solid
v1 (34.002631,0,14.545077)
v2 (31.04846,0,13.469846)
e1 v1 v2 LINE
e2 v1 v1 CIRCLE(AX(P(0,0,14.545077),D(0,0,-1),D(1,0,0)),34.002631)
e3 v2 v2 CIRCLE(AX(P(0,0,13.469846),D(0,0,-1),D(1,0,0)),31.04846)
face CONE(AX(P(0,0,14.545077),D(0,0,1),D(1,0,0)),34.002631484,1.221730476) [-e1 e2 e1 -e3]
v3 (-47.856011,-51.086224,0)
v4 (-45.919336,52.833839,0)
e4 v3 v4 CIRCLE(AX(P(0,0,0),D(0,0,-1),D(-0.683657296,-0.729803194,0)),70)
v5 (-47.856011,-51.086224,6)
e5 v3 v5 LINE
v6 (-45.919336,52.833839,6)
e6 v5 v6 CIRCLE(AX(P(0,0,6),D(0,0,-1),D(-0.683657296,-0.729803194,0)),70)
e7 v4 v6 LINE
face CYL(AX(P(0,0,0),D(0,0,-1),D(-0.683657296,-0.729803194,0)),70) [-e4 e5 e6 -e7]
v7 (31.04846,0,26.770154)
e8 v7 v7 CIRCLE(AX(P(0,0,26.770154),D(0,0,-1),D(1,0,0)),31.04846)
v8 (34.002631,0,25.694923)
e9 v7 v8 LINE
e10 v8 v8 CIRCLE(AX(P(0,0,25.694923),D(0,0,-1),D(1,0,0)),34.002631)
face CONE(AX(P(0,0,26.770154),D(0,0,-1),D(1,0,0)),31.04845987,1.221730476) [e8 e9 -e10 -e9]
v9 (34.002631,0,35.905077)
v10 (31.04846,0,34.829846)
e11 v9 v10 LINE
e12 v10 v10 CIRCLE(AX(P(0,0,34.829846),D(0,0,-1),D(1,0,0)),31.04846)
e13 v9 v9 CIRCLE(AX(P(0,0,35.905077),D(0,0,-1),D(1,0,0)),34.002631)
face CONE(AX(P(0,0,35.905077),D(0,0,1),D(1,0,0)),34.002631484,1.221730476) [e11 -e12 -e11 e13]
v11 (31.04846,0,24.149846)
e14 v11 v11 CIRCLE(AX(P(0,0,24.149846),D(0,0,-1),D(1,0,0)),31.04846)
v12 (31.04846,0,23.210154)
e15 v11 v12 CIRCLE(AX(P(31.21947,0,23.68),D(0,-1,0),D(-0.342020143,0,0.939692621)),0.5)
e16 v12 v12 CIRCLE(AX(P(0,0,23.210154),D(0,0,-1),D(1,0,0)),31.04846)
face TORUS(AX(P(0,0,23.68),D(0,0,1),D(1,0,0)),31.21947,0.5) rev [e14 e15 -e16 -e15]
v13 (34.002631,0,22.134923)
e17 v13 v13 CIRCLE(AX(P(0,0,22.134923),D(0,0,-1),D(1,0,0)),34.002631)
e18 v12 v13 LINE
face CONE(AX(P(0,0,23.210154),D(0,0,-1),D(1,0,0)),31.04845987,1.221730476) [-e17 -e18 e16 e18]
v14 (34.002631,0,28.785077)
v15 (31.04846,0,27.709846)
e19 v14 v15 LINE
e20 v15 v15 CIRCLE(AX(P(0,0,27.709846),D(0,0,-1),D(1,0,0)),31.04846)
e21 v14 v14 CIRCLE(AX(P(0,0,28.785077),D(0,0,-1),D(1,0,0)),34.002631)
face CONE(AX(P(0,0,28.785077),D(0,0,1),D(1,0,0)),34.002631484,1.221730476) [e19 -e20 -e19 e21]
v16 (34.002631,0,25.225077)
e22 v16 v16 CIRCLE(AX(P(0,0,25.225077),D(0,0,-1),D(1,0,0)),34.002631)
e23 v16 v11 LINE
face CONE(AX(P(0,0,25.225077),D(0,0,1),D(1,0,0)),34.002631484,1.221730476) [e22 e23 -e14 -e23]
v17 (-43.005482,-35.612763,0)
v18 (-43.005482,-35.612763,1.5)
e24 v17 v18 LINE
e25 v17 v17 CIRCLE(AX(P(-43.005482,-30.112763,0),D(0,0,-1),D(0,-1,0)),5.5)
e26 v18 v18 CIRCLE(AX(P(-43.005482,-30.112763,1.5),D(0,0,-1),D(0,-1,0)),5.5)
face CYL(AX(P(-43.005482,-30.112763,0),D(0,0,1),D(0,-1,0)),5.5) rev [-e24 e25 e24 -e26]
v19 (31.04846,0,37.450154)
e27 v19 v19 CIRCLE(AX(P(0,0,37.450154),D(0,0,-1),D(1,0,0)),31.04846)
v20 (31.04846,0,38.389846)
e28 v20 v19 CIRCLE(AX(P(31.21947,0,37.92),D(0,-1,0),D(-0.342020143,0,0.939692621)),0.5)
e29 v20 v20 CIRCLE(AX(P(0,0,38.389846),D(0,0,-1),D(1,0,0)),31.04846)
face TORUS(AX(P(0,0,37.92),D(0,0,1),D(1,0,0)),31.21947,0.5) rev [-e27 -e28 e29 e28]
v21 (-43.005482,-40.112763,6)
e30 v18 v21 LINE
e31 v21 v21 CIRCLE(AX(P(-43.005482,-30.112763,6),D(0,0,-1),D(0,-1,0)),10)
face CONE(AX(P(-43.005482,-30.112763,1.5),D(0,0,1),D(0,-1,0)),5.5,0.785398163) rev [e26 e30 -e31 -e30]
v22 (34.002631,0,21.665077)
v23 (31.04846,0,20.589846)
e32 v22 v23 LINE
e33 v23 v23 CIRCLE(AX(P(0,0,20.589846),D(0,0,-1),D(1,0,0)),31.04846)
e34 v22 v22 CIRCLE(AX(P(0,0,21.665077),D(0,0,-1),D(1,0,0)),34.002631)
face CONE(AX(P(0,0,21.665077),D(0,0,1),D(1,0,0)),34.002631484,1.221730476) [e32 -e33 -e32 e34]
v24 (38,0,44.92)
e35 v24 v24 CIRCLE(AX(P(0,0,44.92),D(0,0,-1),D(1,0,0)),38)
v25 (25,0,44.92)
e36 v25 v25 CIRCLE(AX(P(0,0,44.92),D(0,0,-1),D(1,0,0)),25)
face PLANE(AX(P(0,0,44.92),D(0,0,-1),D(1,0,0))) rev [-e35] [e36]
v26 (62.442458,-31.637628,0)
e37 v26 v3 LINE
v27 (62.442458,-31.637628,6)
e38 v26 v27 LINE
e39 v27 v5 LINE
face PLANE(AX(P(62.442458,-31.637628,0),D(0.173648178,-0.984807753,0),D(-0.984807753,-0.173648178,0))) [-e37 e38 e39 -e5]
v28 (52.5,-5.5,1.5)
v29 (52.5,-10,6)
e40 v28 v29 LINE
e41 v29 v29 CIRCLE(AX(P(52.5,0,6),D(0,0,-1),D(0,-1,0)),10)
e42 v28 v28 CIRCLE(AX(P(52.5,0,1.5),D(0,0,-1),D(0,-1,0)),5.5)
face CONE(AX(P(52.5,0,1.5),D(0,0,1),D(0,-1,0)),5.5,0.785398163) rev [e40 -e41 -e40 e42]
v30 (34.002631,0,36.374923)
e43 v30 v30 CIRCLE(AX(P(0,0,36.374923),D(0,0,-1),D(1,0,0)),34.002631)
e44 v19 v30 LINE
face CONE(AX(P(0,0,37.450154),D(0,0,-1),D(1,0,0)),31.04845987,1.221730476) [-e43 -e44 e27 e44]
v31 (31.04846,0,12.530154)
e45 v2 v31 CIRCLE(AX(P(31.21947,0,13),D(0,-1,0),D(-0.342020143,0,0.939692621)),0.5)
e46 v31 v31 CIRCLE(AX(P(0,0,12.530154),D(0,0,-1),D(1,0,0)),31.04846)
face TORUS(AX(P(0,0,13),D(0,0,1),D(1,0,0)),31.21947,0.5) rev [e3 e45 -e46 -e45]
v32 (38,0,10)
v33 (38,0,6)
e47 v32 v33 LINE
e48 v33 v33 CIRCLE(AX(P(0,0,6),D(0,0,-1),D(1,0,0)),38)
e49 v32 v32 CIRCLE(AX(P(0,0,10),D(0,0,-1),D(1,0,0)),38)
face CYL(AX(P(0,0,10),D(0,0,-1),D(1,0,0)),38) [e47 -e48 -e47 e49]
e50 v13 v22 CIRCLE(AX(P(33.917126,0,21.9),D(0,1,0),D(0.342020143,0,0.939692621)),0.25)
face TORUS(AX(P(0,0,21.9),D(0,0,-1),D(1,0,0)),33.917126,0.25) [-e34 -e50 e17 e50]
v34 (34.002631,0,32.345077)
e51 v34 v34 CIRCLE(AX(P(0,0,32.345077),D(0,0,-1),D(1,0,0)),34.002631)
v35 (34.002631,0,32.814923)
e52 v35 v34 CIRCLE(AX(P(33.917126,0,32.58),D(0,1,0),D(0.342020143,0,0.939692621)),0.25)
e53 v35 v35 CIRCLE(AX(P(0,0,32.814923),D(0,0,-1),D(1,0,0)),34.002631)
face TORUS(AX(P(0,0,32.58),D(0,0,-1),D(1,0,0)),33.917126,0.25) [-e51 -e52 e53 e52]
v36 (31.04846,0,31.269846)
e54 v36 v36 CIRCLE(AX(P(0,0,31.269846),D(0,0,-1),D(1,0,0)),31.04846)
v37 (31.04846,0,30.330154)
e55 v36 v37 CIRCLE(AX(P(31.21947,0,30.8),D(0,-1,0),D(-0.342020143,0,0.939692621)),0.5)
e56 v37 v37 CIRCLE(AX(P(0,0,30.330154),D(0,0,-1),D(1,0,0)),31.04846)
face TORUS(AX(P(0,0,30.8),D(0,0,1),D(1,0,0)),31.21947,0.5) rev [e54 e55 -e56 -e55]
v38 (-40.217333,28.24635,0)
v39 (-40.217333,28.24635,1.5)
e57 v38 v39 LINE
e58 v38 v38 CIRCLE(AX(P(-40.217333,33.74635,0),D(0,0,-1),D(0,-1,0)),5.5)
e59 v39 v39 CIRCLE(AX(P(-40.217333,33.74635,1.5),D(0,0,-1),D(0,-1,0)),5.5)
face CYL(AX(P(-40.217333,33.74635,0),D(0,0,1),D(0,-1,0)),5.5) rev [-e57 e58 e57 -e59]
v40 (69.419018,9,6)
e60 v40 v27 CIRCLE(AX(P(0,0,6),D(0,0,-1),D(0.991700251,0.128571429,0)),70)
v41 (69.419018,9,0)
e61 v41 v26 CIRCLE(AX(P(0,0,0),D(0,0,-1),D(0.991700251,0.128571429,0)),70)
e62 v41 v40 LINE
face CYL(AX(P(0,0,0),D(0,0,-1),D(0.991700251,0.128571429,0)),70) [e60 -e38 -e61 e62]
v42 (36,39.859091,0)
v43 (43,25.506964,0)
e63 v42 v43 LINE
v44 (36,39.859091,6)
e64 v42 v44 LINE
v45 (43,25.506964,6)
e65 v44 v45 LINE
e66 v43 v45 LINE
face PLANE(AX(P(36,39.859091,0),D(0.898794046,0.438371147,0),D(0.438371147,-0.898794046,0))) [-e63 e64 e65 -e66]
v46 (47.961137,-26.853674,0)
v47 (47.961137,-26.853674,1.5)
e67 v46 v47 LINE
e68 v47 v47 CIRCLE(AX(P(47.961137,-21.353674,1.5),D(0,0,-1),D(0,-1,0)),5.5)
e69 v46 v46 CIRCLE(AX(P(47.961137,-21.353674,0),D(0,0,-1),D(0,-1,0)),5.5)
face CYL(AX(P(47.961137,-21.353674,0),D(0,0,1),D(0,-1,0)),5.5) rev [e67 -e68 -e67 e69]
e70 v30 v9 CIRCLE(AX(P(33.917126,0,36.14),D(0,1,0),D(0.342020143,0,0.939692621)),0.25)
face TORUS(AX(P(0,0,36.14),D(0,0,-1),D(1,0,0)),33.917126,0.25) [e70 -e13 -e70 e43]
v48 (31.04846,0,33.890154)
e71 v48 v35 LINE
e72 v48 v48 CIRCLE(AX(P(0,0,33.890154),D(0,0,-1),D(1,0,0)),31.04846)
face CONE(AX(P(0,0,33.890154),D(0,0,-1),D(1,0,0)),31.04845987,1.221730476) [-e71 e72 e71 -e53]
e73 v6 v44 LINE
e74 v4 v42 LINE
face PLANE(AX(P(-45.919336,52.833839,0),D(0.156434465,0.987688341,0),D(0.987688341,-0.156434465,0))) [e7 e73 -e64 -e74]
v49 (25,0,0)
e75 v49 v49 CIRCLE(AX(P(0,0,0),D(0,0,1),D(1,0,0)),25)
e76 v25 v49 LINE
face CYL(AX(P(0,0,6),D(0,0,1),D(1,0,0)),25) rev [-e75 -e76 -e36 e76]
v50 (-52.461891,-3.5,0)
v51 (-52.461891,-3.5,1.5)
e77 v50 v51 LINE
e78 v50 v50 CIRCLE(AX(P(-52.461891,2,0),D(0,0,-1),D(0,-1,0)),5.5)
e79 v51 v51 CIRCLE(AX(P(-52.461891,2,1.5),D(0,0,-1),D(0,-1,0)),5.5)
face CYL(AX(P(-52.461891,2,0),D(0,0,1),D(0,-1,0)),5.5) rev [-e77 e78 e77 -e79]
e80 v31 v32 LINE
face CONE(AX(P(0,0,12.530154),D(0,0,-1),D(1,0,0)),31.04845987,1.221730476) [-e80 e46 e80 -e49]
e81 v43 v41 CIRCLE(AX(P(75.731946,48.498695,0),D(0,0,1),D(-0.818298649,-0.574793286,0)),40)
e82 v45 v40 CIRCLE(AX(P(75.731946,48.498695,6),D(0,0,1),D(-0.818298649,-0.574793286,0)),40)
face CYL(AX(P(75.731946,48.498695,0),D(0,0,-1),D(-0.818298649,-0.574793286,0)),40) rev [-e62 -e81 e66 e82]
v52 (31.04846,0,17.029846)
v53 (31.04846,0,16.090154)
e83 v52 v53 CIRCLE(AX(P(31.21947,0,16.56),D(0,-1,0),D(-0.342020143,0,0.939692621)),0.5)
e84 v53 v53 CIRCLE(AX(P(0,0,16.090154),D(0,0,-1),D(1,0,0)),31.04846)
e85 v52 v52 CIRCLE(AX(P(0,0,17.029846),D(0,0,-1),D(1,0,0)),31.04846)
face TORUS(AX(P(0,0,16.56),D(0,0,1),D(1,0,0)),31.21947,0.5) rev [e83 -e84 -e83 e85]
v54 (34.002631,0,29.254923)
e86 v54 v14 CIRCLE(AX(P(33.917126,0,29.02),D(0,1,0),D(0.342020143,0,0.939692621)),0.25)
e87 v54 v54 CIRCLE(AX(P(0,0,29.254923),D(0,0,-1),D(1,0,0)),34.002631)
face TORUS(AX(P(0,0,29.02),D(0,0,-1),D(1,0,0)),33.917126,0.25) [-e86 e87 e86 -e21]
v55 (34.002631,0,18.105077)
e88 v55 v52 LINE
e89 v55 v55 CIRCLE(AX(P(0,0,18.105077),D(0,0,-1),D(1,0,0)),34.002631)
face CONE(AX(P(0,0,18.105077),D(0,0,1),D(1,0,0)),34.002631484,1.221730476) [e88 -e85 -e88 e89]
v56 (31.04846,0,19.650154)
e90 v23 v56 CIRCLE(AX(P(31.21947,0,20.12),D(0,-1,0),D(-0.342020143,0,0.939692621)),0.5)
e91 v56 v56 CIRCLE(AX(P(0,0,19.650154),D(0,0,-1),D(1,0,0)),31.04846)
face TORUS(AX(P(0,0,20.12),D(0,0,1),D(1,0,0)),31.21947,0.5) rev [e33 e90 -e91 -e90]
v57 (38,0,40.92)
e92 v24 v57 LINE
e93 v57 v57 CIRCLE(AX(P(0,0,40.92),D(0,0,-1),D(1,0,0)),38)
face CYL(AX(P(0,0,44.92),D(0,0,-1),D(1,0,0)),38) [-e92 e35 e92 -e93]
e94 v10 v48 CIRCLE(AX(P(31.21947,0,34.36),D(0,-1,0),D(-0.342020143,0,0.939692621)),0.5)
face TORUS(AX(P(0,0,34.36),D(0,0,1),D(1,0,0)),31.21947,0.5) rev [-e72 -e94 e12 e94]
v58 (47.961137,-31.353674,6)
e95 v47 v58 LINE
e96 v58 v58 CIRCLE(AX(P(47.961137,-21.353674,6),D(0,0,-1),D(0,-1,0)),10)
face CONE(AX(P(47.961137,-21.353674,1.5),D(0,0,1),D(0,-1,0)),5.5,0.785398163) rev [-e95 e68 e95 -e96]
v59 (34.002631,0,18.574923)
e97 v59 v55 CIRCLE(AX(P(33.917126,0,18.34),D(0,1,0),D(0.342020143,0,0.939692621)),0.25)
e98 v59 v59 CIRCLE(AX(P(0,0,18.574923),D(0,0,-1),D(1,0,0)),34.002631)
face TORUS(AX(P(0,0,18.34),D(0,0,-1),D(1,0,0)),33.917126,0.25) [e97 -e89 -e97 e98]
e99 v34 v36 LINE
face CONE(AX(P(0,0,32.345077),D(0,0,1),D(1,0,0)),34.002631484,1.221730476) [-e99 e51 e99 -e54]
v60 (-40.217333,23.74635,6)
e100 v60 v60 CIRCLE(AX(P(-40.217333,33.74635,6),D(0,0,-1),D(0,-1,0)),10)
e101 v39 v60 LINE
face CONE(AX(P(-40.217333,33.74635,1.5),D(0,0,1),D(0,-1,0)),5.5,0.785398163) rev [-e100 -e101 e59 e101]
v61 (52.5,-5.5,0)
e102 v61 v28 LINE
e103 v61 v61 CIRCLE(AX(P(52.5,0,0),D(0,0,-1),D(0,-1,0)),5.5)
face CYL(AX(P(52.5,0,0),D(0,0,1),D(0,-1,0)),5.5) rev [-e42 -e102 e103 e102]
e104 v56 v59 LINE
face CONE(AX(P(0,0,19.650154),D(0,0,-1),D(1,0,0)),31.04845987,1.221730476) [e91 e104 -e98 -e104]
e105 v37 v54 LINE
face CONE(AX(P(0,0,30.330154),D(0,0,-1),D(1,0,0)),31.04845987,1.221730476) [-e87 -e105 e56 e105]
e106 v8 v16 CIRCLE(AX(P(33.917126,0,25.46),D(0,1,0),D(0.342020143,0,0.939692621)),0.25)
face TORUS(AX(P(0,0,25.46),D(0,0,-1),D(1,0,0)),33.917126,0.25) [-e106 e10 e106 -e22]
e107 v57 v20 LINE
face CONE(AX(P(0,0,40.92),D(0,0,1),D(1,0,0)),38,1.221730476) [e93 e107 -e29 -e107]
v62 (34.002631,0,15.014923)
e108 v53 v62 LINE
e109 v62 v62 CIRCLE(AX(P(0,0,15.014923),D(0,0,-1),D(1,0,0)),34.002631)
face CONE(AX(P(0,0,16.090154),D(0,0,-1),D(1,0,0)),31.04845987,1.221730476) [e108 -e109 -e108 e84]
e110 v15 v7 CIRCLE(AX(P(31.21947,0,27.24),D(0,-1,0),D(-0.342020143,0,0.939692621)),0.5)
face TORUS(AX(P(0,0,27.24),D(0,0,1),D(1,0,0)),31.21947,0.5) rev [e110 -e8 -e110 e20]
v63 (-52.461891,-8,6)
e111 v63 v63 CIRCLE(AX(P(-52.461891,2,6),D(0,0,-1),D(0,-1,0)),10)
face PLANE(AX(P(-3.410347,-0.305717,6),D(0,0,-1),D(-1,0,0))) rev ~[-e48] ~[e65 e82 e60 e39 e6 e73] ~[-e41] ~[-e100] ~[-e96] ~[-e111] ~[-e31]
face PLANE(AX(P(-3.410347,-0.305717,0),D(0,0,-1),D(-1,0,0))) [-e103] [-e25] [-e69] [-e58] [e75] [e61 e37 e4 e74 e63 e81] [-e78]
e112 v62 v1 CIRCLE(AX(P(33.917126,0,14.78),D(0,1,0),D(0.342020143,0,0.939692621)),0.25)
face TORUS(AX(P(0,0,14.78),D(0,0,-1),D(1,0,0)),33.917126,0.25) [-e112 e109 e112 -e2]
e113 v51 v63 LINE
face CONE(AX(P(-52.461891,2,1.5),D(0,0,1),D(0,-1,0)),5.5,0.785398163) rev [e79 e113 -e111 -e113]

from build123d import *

# Parameters (mm, degrees)
ESBO_O1_R                                    = 25
RESSALTO_EXTRUS_O1_DEPTH                     = 6
ESCAREADO_PARA_PARAFUSO_COM_CABE_A_E_2_COUNT = 2
ESCAREADO_PARA_PARAFUSO_COM_CABE_A_E_2_PITCH = 21.830727536
ESCAREADO_PARA_PARAFUSO_COM_CABE_A_E_3_COUNT = 2
ESCAREADO_PARA_PARAFUSO_COM_CABE_A_E_3_PITCH = 100.140279829
ESCAREADO_PARA_PARAFUSO_COM_CABE_A_E_4_COUNT = 2
ESCAREADO_PARA_PARAFUSO_COM_CABE_A_E_4_PITCH = 98.667725183
ESCAREADO_PARA_PARAFUSO_COM_CABE_A_E_5_COUNT = 2
ESCAREADO_PARA_PARAFUSO_COM_CABE_A_E_5_PITCH = 104.980943736


with BuildPart() as part:
    # Esboço1 → Ressalto-extrusão1 (new body)
    with BuildSketch(Plane.XY):
        with BuildLine():
            ThreePointArc((69.419017567, 9), (68.990697606, -11.844139642), (62.442457631, -31.637627677))
            Line((62.442457631, -31.637627677), (-47.856010707, -51.086223576))
            ThreePointArc((-47.856010707, -51.086223576), (-69.987847396, 1.304307037), (-45.919336355, 52.833839049))
            Line((-45.919336355, 52.833839049), (36, 39.859090809))
            Line((36, 39.859090809), (43, 25.506963918))
            ThreePointArc((43, 25.506963918), (54.5365333, 14.575923027), (69.419017567, 9))
        make_face()
        Circle(ESBO_O1_R, mode=Mode.SUBTRACT)
    extrude(amount=RESSALTO_EXTRUS_O1_DEPTH)

    # Esboço4 → Escareado para parafuso com cabeça escareada chata de M101 (revolve, cut)
    with BuildSketch(Plane(origin=(52.5, 0, 6), x_dir=(0, -1, 0), z_dir=(1, 0, 0))):
        Polygon((0, 0), (0, 6), (5.5, 6), (5.5, 4.5), (10, 0), align=None)
    escareado_para_parafuso_com_cabe_a_escar = revolve(axis=Axis((52.5, 0, 12.35), (0, 0, -1)), mode=Mode.SUBTRACT)

    # Escareado para parafuso com cabe_a e 2: Escareado para parafuso com cabeça escareada chata de M101 ×2
    with Locations(*[Vector(-0.2079116908177597, -0.9781476007338056, 0) * (i * ESCAREADO_PARA_PARAFUSO_COM_CABE_A_E_2_PITCH) for i in range(1, ESCAREADO_PARA_PARAFUSO_COM_CABE_A_E_2_COUNT)]):
        add(escareado_para_parafuso_com_cabe_a_escar, mode=Mode.SUBTRACT)

    # Escareado para parafuso com cabe_a e 3: Escareado para parafuso com cabeça escareada chata de M101 ×2
    with Locations(*[Vector(-0.9537169507482278, -0.3007057995042705, 0) * (i * ESCAREADO_PARA_PARAFUSO_COM_CABE_A_E_3_PITCH) for i in range(1, ESCAREADO_PARA_PARAFUSO_COM_CABE_A_E_3_COUNT)]):
        add(escareado_para_parafuso_com_cabe_a_escar, mode=Mode.SUBTRACT)

    # Escareado para parafuso com cabe_a e 4: Escareado para parafuso com cabeça escareada chata de M101 ×2
    with Locations(*[Vector(-0.9396926207859094, 0.3420201433256661, 0) * (i * ESCAREADO_PARA_PARAFUSO_COM_CABE_A_E_4_PITCH) for i in range(1, ESCAREADO_PARA_PARAFUSO_COM_CABE_A_E_4_COUNT)]):
        add(escareado_para_parafuso_com_cabe_a_escar, mode=Mode.SUBTRACT)

    # Escareado para parafuso com cabe_a e 5: Escareado para parafuso com cabeça escareada chata de M101 ×2
    with Locations(*[Vector(-0.9998185117713208, 0.019051076593764486, 0) * (i * ESCAREADO_PARA_PARAFUSO_COM_CABE_A_E_5_PITCH) for i in range(1, ESCAREADO_PARA_PARAFUSO_COM_CABE_A_E_5_COUNT)]):
        add(escareado_para_parafuso_com_cabe_a_escar, mode=Mode.SUBTRACT)

    # Esboço5 → Revolução1 (revolve)
    with BuildSketch(Plane(origin=(0, 0, 0), x_dir=(0, 0, -1), z_dir=(1, 0, 0)), mode=Mode.PRIVATE) as revolu_o1_sk:
        with BuildLine():
            Line((-6, 25), (-44.92, 25))
            Line((-44.92, 25), (-44.92, 38))
            Line((-44.92, 38), (-40.92, 38))
            Line((-40.92, 38), (-38.38984631, 31.04845987))
            ThreePointArc((-38.38984631, 31.04845987), (-37.92, 30.719469942), (-37.45015369, 31.04845987))
            Line((-37.45015369, 31.04845987), (-36.374923155, 34.002631484))
            ThreePointArc((-36.374923155, 34.002631484), (-36.14, 34.167126448), (-35.905076845, 34.002631484))
            Line((-35.905076845, 34.002631484), (-34.82984631, 31.04845987))
            ThreePointArc((-34.82984631, 31.04845987), (-34.36, 30.719469942), (-33.89015369, 31.04845987))
            Line((-33.89015369, 31.04845987), (-32.814923155, 34.002631484))
            ThreePointArc((-32.814923155, 34.002631484), (-32.58, 34.167126448), (-32.345076845, 34.002631484))
            Line((-32.345076845, 34.002631484), (-31.26984631, 31.04845987))
            ThreePointArc((-31.26984631, 31.04845987), (-30.8, 30.719469942), (-30.33015369, 31.04845987))
            Line((-30.33015369, 31.04845987), (-29.254923155, 34.002631484))
            ThreePointArc((-29.254923155, 34.002631484), (-29.02, 34.167126448), (-28.785076845, 34.002631484))
            Line((-28.785076845, 34.002631484), (-27.70984631, 31.04845987))
            ThreePointArc((-27.70984631, 31.04845987), (-27.24, 30.719469942), (-26.77015369, 31.04845987))
            Line((-26.77015369, 31.04845987), (-25.694923155, 34.002631484))
            ThreePointArc((-25.694923155, 34.002631484), (-25.46, 34.167126448), (-25.225076845, 34.002631484))
            Line((-25.225076845, 34.002631484), (-24.14984631, 31.04845987))
            ThreePointArc((-24.14984631, 31.04845987), (-23.68, 30.719469942), (-23.21015369, 31.04845987))
            Line((-23.21015369, 31.04845987), (-22.134923155, 34.002631484))
            ThreePointArc((-22.134923155, 34.002631484), (-21.9, 34.167126448), (-21.665076845, 34.002631484))
            Line((-21.665076845, 34.002631484), (-20.58984631, 31.04845987))
            ThreePointArc((-20.58984631, 31.04845987), (-20.12, 30.719469942), (-19.65015369, 31.04845987))
            Line((-19.65015369, 31.04845987), (-18.574923155, 34.002631484))
            ThreePointArc((-18.574923155, 34.002631484), (-18.34, 34.167126448), (-18.105076845, 34.002631484))
            Line((-18.105076845, 34.002631484), (-17.02984631, 31.04845987))
            ThreePointArc((-17.02984631, 31.04845987), (-16.56, 30.719469942), (-16.09015369, 31.04845987))
            Line((-16.09015369, 31.04845987), (-15.014923155, 34.002631484))
            ThreePointArc((-15.014923155, 34.002631484), (-14.78, 34.167126448), (-14.545076845, 34.002631484))
            Line((-14.545076845, 34.002631484), (-13.46984631, 31.04845987))
            ThreePointArc((-13.46984631, 31.04845987), (-13, 30.719469942), (-12.53015369, 31.04845987))
            Line((-12.53015369, 31.04845987), (-10, 38))
            Line((-10, 38), (-6, 38))
            Line((-6, 38), (-6, 25))
        make_face()
    revolve(revolu_o1_sk.sketch.rotate(Axis((0, 0, 6), (0, 0, -1)), 90), axis=Axis((0, 0, 6), (0, 0, -1)))


solid = part.part
